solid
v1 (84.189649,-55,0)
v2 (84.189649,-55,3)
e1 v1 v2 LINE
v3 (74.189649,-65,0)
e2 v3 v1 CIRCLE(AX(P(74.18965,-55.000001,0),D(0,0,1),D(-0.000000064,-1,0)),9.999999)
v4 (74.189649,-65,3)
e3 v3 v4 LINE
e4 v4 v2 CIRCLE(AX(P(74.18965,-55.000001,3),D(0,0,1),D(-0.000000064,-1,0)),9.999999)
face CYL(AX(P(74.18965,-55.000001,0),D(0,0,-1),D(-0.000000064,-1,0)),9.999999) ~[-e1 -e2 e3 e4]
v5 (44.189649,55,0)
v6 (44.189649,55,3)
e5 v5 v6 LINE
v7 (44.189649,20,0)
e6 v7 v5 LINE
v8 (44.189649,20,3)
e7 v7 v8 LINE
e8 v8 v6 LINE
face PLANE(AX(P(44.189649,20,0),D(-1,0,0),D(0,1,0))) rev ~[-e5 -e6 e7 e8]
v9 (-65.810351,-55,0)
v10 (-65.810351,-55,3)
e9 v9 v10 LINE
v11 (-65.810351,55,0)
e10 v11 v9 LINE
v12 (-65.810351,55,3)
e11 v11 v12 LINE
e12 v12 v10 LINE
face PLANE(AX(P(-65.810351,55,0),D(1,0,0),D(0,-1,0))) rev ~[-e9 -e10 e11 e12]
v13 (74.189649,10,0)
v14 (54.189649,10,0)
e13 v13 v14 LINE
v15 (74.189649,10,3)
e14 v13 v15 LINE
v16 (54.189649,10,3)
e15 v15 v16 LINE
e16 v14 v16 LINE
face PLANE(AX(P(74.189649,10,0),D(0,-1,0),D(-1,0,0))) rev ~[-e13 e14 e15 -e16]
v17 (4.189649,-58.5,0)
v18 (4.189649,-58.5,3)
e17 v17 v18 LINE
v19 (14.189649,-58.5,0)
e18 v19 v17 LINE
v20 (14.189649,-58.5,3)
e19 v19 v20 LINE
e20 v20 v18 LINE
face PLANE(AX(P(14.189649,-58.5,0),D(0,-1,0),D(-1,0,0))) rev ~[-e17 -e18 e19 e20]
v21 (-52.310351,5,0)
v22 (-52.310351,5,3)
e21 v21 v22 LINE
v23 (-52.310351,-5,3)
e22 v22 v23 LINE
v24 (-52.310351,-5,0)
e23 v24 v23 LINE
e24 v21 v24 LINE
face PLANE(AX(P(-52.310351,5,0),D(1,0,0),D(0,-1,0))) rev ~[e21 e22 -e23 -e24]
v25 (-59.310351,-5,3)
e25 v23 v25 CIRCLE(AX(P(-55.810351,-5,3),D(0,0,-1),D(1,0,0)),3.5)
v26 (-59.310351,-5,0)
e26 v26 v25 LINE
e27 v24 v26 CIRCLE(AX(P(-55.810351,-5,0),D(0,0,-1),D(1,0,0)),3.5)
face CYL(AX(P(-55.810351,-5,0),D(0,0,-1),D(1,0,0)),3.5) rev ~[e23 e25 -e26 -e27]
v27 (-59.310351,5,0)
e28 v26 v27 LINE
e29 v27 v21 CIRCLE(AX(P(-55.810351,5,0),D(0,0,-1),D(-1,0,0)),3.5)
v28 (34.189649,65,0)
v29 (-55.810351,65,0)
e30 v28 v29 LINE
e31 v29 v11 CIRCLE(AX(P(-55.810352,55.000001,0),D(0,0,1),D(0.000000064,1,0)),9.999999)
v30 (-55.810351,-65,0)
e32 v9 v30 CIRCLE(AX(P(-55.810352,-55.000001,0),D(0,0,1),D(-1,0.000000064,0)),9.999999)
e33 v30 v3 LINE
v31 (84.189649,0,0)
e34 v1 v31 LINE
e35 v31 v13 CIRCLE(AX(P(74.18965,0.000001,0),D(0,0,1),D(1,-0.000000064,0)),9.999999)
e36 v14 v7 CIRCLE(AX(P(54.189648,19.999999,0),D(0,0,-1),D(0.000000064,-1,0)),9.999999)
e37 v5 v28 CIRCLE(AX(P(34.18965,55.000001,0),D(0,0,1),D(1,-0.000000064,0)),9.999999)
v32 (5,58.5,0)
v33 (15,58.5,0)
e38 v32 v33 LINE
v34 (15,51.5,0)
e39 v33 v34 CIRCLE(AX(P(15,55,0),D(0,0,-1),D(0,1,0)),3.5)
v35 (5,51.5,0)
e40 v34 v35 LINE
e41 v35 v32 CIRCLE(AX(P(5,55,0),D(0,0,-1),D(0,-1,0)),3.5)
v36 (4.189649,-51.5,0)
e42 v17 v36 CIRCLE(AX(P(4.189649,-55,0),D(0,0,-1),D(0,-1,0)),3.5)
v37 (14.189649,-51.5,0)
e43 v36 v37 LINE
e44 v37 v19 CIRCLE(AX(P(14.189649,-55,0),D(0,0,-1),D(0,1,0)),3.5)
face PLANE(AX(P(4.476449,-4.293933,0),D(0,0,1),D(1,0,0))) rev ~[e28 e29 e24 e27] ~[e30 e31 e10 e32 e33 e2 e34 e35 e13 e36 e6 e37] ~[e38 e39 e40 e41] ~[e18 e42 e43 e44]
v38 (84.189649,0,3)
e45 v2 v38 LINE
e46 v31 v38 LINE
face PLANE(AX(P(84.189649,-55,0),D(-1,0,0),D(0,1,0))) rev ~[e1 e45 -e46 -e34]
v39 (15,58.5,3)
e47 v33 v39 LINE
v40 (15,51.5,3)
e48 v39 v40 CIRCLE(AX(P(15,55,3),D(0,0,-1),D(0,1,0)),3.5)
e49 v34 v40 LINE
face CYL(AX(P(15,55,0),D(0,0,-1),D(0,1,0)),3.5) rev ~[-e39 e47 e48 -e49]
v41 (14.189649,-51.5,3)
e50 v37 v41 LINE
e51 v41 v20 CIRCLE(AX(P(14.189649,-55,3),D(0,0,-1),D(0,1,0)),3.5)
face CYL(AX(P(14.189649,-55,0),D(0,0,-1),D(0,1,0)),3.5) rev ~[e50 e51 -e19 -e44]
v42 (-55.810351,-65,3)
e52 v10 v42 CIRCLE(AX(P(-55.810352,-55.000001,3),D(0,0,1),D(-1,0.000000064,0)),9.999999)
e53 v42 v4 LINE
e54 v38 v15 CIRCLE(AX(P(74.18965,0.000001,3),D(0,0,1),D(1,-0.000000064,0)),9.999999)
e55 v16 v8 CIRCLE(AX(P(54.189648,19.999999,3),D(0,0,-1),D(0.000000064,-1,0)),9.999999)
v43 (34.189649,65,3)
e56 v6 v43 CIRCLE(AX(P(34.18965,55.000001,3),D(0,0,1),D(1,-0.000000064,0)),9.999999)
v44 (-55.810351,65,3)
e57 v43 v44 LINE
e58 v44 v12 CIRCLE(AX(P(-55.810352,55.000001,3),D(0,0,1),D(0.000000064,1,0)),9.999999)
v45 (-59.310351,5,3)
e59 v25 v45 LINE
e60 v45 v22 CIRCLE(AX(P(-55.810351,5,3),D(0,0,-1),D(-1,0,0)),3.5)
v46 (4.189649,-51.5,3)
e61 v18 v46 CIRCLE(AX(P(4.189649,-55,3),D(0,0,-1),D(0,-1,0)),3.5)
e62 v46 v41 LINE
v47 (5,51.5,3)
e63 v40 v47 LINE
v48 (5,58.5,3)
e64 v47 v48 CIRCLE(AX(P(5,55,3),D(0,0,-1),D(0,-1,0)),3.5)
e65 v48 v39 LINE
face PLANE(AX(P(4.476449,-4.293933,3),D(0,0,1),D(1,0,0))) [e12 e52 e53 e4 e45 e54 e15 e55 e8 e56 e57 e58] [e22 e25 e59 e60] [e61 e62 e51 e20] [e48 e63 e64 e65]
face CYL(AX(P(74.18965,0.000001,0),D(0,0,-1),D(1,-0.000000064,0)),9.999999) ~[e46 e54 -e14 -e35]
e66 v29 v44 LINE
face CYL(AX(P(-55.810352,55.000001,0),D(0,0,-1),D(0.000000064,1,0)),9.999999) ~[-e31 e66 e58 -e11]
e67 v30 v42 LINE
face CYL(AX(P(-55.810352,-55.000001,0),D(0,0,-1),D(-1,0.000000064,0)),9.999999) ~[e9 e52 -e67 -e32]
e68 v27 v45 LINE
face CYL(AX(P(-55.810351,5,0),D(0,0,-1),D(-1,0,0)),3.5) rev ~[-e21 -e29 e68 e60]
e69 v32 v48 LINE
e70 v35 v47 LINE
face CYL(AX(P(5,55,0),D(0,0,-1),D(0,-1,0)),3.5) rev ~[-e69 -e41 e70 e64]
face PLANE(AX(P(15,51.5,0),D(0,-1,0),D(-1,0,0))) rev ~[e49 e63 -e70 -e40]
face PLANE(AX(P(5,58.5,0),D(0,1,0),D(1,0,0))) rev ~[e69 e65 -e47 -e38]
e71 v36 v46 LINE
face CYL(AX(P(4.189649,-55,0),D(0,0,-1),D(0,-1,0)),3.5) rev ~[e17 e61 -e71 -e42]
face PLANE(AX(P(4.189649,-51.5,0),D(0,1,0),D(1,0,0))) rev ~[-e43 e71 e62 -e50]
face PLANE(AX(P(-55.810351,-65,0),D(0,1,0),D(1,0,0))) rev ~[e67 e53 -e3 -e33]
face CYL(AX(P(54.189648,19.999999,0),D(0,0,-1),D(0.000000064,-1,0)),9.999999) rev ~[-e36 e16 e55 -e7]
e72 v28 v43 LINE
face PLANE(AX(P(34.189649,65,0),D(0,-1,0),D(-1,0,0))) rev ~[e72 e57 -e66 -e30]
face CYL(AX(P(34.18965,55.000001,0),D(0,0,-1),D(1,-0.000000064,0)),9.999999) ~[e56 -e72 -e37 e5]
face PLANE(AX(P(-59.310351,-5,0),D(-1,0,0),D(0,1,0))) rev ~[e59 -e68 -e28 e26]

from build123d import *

# Parameters (mm, degrees)
F1_DEPTH = 3


with BuildPart() as f1:
    # F0 (on Top) → F1 (new body)
    with BuildSketch(Plane.XY):
        with BuildLine():
            Line((-55.810351, -65), (74.189649, -65))
            ThreePointArc((74.189649, -65), (81.260717, -62.071068), (84.189649, -55))
            Line((84.189649, -55), (84.189649, 0))
            ThreePointArc((84.189649, 0), (81.260717, 7.071068), (74.189649, 10))
            Line((74.189649, 10), (54.189649, 10))
            ThreePointArc((54.189649, 10), (47.118581, 12.928932), (44.189649, 20))
            Line((44.189649, 20), (44.189649, 55))
            ThreePointArc((44.189649, 55), (41.260717, 62.071068), (34.189649, 65))
            Line((34.189649, 65), (-55.810351, 65))
            ThreePointArc((-55.810351, 65), (-62.881419, 62.071068), (-65.810351, 55))
            Line((-65.810351, 55), (-65.810351, -55))
            ThreePointArc((-65.810351, -55), (-62.881419, -62.071068), (-55.810351, -65))
        make_face()
        with BuildLine():
            Line((14.189649, -58.5), (4.189649, -58.5))
            ThreePointArc((4.189649, -58.5), (0.689649, -55), (4.189649, -51.5))
            Line((4.189649, -51.5), (14.189649, -51.5))
            ThreePointArc((14.189649, -51.5), (17.689649, -55), (14.189649, -58.5))
        make_face(mode=Mode.SUBTRACT)
        with BuildLine():
            Line((-59.310351, -5), (-59.310351, 5))
            ThreePointArc((-59.310351, 5), (-55.810351, 8.5), (-52.310351, 5))
            Line((-52.310351, 5), (-52.310351, -5))
            ThreePointArc((-52.310351, -5), (-55.810351, -8.5), (-59.310351, -5))
        make_face(mode=Mode.SUBTRACT)
        with BuildLine():
            Line((15, 51.5), (5, 51.5))
            ThreePointArc((5, 51.5), (1.5, 55), (5, 58.5))
            Line((5, 58.5), (15, 58.5))
            ThreePointArc((15, 58.5), (18.5, 55), (15, 51.5))
        make_face(mode=Mode.SUBTRACT)
    extrude(amount=F1_DEPTH)


solid = f1.part
